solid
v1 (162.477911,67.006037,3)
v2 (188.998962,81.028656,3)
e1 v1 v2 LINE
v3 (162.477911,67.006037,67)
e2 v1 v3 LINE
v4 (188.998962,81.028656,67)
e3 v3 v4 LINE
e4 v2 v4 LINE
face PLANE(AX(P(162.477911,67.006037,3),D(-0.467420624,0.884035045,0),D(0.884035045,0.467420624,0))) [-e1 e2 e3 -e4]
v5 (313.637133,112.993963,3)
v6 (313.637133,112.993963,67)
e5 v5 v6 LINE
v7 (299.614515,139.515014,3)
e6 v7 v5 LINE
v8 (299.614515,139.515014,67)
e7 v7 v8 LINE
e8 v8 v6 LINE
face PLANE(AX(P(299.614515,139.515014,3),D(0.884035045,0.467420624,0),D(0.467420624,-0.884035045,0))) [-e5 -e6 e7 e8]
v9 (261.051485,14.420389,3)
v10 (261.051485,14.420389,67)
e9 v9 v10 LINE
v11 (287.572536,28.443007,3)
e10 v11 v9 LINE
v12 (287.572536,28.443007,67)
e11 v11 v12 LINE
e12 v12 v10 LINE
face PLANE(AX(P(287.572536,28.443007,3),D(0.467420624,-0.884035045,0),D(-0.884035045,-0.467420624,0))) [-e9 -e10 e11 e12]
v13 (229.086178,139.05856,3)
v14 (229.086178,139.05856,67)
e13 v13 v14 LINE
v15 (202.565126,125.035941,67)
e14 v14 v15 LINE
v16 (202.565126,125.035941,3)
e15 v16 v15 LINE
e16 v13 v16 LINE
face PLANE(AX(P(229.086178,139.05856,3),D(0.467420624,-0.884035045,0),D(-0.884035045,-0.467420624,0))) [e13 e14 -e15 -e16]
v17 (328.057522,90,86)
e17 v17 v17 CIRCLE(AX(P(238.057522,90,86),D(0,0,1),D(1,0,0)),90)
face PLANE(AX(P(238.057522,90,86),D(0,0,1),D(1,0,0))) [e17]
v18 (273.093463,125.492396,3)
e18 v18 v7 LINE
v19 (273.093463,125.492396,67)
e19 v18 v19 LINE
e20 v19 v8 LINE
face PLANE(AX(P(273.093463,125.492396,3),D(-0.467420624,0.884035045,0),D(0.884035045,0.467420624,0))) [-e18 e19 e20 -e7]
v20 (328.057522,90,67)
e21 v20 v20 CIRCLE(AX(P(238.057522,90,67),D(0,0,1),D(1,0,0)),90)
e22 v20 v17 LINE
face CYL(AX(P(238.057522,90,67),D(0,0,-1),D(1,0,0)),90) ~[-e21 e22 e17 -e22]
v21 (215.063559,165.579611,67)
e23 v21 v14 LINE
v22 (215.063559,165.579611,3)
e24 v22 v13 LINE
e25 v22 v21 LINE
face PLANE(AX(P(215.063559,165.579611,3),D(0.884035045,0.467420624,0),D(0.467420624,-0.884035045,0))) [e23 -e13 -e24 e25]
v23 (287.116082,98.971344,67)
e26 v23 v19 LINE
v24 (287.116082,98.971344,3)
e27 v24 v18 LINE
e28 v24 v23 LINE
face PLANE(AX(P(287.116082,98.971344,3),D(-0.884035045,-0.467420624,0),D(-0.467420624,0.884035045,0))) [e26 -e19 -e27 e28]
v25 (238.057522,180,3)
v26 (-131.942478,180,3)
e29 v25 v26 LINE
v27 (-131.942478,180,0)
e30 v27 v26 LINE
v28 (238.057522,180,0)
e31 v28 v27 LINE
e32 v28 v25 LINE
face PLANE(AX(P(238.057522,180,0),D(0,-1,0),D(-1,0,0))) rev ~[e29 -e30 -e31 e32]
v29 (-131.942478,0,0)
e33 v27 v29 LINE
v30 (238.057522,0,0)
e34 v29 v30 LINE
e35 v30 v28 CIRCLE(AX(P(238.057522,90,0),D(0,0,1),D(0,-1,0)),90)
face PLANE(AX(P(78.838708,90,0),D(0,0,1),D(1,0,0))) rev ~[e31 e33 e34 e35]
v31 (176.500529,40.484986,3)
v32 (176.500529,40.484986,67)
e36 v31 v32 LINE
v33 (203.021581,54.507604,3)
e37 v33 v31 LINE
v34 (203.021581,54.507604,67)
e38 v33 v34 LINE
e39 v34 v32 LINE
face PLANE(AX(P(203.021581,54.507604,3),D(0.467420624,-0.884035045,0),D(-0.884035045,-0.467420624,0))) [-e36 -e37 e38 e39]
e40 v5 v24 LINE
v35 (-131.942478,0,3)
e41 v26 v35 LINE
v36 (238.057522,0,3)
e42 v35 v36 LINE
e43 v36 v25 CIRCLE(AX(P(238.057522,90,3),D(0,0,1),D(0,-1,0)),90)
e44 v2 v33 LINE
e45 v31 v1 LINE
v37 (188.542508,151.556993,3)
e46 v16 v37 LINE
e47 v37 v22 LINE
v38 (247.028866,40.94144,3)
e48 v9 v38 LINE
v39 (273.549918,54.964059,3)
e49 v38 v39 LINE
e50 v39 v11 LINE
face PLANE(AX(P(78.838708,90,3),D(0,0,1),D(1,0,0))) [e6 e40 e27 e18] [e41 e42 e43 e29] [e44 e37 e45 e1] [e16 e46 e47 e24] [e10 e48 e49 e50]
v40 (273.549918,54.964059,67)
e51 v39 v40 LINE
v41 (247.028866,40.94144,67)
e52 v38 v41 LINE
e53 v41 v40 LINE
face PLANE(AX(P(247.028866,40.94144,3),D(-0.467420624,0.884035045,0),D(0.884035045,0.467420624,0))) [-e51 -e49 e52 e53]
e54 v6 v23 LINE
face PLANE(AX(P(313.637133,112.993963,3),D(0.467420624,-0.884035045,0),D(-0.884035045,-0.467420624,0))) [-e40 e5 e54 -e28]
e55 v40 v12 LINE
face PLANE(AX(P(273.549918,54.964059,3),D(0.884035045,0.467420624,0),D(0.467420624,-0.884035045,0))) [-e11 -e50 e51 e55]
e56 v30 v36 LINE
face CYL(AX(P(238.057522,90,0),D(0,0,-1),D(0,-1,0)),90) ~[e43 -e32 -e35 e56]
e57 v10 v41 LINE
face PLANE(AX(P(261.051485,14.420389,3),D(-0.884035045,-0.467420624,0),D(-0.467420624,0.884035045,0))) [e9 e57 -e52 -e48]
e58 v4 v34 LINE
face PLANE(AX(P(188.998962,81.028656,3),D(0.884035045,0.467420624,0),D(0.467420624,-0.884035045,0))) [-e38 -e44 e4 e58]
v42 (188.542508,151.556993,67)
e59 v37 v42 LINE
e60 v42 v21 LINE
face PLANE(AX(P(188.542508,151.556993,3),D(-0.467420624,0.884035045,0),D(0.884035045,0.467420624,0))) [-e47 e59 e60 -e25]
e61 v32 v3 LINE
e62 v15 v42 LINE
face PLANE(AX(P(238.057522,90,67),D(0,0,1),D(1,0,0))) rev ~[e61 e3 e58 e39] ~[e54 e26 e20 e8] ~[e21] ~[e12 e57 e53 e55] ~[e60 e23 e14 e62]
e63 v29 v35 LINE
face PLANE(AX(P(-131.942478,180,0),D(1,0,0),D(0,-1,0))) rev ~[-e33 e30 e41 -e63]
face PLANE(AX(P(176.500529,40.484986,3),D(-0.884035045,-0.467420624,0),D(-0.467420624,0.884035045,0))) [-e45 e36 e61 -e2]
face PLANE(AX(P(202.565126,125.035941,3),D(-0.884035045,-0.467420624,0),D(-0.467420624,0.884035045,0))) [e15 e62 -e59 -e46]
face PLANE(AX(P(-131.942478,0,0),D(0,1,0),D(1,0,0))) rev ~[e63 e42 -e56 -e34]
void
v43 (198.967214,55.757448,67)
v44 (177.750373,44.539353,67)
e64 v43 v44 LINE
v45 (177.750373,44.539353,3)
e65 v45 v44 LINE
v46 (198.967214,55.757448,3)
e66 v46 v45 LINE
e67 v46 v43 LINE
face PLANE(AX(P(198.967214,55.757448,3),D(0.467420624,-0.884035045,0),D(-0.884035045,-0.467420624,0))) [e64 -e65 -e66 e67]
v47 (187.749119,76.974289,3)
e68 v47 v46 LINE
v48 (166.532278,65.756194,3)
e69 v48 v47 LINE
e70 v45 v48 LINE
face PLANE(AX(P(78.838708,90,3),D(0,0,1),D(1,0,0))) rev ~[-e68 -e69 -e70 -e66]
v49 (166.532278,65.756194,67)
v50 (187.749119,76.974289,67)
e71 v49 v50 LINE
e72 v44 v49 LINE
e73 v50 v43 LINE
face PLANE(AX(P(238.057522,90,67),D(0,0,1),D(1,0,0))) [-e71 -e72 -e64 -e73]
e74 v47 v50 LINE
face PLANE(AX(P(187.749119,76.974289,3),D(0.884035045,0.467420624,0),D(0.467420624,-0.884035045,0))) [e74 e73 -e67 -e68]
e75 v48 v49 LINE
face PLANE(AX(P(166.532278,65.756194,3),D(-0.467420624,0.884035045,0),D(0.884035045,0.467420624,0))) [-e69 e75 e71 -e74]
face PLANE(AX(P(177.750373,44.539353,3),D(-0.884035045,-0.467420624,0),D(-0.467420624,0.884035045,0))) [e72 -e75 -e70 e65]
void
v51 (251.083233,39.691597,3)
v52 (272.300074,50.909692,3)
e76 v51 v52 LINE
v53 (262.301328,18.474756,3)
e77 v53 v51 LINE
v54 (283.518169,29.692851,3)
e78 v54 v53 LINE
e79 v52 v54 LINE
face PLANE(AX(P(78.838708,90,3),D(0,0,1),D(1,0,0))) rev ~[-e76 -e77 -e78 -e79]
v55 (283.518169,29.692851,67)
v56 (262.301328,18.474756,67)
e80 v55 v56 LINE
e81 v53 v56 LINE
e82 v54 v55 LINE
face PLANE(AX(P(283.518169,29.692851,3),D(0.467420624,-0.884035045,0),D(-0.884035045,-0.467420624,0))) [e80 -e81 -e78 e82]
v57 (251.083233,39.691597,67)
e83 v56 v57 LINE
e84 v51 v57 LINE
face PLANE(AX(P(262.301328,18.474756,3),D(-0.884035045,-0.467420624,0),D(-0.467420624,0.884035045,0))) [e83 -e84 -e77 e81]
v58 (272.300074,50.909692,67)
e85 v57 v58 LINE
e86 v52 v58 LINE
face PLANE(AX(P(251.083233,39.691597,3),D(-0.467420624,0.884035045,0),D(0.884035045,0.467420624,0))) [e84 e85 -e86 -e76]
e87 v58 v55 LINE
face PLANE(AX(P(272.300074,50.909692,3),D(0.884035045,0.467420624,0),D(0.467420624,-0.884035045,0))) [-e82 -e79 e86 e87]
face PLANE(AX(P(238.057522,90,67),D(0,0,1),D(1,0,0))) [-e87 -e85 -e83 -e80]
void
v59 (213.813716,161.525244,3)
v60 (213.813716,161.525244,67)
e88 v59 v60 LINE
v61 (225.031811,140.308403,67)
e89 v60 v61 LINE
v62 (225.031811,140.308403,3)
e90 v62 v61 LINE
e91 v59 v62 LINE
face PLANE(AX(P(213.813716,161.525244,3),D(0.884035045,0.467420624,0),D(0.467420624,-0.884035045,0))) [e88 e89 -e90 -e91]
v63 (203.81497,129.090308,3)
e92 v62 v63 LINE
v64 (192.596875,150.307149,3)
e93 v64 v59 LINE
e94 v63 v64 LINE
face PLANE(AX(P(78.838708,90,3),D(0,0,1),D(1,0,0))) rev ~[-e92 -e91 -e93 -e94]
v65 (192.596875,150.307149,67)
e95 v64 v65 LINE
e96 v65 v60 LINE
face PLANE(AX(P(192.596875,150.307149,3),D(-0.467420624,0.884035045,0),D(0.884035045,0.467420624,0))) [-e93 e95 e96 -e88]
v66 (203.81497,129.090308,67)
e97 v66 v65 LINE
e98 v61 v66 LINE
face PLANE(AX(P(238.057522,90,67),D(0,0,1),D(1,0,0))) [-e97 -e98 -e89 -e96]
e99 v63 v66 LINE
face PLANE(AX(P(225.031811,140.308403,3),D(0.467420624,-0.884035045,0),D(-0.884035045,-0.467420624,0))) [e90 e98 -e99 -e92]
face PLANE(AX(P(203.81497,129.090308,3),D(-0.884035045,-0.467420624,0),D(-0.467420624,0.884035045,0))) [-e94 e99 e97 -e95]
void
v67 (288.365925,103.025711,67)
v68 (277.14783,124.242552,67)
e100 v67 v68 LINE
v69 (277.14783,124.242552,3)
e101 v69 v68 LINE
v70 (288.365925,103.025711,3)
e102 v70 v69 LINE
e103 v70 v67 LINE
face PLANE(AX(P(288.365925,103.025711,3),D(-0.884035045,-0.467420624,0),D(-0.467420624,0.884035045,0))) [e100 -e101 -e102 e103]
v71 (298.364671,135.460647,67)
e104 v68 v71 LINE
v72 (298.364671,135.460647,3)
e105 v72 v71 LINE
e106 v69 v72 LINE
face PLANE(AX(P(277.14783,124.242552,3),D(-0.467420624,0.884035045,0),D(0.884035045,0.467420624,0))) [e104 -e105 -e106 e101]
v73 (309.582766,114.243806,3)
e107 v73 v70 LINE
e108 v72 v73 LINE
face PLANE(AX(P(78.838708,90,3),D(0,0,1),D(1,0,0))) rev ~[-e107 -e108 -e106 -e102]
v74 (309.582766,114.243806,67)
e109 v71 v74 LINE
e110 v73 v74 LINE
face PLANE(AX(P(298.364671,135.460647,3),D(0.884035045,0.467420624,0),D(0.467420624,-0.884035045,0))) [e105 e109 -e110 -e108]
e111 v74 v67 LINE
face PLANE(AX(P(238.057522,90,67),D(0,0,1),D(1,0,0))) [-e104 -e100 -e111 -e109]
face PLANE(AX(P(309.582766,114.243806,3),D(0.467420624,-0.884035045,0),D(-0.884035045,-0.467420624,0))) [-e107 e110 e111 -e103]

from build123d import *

# Parameters (mm, degrees)
BOSS_EXTRUDE1_DEPTH = 3
BOSS_EXTRUDE2_DEPTH = 64
SKETCH3_R           = 90
BOSS_EXTRUDE4_DEPTH = 19


with BuildPart() as part:
    # Sketch1 → Boss-Extrude1 (new body)
    with BuildSketch(Plane.XY):
        with BuildLine():
            Line((-131.94247797, 0), (238.05752203, 0))
            ThreePointArc((238.05752203, 0), (328.05752203, 90), (238.05752203, 180))
            Line((238.05752203, 180), (-131.94247797, 180))
            Line((-131.94247797, 180), (-131.94247797, 0))
        make_face()
    extrude(amount=BOSS_EXTRUDE1_DEPTH)

    # Sketch2 → Boss-Extrude2 (add)
    # profile 1 of 4: a face of its own
    with BuildSketch(Plane.XY.offset(3)):
        Polygon((203.021580666, 54.507604342), (176.500529327, 40.484985617), (162.477910603, 67.006036956), (188.998961942, 81.02865568), align=None)
        Polygon((177.750372588, 44.539352624), (166.532277609, 65.756193695), (187.74911868, 76.974288674), (198.967213659, 55.757447603), align=None, mode=Mode.SUBTRACT)
    # profile 2 of 4: a face of its own
    with BuildSketch(Plane.XY.offset(3)):
        Polygon((287.572536413, 28.443007297), (261.051485074, 14.420388572), (247.02886635, 40.941439911), (273.549917689, 54.964058635), align=None)
        Polygon((262.301328336, 18.474755579), (251.083233356, 39.69159665), (272.300074427, 50.909691629), (283.518169407, 29.692850558), align=None, mode=Mode.SUBTRACT)
    # profile 3 of 4: a face of its own
    with BuildSketch(Plane.XY.offset(3)):
        Polygon((299.614514734, 139.515014383), (313.637133458, 112.993963044), (287.116082119, 98.97134432), (273.093463395, 125.492395658), align=None)
        Polygon((309.582766452, 114.243806305), (288.365925381, 103.025711326), (277.147830401, 124.242552397), (298.364671472, 135.460647376), align=None, mode=Mode.SUBTRACT)
    # profile 4 of 4: a face of its own
    with BuildSketch(Plane.XY.offset(3)):
        Polygon((188.542507648, 151.556992703), (215.063558987, 165.579611428), (229.086177711, 139.058560089), (202.565126372, 125.035941365), align=None)
        Polygon((203.814969633, 129.090308371), (192.596874654, 150.307149442), (213.813715725, 161.525244421), (225.031810705, 140.30840335), align=None, mode=Mode.SUBTRACT)
    extrude(amount=BOSS_EXTRUDE2_DEPTH)

    # Sketch3 → Boss-Extrude4 (add)
    with BuildSketch(Plane.XY.offset(67)):
        with Locations((238.05752203, 90)):
            Circle(SKETCH3_R)
    extrude(amount=BOSS_EXTRUDE4_DEPTH)


solid = part.part
